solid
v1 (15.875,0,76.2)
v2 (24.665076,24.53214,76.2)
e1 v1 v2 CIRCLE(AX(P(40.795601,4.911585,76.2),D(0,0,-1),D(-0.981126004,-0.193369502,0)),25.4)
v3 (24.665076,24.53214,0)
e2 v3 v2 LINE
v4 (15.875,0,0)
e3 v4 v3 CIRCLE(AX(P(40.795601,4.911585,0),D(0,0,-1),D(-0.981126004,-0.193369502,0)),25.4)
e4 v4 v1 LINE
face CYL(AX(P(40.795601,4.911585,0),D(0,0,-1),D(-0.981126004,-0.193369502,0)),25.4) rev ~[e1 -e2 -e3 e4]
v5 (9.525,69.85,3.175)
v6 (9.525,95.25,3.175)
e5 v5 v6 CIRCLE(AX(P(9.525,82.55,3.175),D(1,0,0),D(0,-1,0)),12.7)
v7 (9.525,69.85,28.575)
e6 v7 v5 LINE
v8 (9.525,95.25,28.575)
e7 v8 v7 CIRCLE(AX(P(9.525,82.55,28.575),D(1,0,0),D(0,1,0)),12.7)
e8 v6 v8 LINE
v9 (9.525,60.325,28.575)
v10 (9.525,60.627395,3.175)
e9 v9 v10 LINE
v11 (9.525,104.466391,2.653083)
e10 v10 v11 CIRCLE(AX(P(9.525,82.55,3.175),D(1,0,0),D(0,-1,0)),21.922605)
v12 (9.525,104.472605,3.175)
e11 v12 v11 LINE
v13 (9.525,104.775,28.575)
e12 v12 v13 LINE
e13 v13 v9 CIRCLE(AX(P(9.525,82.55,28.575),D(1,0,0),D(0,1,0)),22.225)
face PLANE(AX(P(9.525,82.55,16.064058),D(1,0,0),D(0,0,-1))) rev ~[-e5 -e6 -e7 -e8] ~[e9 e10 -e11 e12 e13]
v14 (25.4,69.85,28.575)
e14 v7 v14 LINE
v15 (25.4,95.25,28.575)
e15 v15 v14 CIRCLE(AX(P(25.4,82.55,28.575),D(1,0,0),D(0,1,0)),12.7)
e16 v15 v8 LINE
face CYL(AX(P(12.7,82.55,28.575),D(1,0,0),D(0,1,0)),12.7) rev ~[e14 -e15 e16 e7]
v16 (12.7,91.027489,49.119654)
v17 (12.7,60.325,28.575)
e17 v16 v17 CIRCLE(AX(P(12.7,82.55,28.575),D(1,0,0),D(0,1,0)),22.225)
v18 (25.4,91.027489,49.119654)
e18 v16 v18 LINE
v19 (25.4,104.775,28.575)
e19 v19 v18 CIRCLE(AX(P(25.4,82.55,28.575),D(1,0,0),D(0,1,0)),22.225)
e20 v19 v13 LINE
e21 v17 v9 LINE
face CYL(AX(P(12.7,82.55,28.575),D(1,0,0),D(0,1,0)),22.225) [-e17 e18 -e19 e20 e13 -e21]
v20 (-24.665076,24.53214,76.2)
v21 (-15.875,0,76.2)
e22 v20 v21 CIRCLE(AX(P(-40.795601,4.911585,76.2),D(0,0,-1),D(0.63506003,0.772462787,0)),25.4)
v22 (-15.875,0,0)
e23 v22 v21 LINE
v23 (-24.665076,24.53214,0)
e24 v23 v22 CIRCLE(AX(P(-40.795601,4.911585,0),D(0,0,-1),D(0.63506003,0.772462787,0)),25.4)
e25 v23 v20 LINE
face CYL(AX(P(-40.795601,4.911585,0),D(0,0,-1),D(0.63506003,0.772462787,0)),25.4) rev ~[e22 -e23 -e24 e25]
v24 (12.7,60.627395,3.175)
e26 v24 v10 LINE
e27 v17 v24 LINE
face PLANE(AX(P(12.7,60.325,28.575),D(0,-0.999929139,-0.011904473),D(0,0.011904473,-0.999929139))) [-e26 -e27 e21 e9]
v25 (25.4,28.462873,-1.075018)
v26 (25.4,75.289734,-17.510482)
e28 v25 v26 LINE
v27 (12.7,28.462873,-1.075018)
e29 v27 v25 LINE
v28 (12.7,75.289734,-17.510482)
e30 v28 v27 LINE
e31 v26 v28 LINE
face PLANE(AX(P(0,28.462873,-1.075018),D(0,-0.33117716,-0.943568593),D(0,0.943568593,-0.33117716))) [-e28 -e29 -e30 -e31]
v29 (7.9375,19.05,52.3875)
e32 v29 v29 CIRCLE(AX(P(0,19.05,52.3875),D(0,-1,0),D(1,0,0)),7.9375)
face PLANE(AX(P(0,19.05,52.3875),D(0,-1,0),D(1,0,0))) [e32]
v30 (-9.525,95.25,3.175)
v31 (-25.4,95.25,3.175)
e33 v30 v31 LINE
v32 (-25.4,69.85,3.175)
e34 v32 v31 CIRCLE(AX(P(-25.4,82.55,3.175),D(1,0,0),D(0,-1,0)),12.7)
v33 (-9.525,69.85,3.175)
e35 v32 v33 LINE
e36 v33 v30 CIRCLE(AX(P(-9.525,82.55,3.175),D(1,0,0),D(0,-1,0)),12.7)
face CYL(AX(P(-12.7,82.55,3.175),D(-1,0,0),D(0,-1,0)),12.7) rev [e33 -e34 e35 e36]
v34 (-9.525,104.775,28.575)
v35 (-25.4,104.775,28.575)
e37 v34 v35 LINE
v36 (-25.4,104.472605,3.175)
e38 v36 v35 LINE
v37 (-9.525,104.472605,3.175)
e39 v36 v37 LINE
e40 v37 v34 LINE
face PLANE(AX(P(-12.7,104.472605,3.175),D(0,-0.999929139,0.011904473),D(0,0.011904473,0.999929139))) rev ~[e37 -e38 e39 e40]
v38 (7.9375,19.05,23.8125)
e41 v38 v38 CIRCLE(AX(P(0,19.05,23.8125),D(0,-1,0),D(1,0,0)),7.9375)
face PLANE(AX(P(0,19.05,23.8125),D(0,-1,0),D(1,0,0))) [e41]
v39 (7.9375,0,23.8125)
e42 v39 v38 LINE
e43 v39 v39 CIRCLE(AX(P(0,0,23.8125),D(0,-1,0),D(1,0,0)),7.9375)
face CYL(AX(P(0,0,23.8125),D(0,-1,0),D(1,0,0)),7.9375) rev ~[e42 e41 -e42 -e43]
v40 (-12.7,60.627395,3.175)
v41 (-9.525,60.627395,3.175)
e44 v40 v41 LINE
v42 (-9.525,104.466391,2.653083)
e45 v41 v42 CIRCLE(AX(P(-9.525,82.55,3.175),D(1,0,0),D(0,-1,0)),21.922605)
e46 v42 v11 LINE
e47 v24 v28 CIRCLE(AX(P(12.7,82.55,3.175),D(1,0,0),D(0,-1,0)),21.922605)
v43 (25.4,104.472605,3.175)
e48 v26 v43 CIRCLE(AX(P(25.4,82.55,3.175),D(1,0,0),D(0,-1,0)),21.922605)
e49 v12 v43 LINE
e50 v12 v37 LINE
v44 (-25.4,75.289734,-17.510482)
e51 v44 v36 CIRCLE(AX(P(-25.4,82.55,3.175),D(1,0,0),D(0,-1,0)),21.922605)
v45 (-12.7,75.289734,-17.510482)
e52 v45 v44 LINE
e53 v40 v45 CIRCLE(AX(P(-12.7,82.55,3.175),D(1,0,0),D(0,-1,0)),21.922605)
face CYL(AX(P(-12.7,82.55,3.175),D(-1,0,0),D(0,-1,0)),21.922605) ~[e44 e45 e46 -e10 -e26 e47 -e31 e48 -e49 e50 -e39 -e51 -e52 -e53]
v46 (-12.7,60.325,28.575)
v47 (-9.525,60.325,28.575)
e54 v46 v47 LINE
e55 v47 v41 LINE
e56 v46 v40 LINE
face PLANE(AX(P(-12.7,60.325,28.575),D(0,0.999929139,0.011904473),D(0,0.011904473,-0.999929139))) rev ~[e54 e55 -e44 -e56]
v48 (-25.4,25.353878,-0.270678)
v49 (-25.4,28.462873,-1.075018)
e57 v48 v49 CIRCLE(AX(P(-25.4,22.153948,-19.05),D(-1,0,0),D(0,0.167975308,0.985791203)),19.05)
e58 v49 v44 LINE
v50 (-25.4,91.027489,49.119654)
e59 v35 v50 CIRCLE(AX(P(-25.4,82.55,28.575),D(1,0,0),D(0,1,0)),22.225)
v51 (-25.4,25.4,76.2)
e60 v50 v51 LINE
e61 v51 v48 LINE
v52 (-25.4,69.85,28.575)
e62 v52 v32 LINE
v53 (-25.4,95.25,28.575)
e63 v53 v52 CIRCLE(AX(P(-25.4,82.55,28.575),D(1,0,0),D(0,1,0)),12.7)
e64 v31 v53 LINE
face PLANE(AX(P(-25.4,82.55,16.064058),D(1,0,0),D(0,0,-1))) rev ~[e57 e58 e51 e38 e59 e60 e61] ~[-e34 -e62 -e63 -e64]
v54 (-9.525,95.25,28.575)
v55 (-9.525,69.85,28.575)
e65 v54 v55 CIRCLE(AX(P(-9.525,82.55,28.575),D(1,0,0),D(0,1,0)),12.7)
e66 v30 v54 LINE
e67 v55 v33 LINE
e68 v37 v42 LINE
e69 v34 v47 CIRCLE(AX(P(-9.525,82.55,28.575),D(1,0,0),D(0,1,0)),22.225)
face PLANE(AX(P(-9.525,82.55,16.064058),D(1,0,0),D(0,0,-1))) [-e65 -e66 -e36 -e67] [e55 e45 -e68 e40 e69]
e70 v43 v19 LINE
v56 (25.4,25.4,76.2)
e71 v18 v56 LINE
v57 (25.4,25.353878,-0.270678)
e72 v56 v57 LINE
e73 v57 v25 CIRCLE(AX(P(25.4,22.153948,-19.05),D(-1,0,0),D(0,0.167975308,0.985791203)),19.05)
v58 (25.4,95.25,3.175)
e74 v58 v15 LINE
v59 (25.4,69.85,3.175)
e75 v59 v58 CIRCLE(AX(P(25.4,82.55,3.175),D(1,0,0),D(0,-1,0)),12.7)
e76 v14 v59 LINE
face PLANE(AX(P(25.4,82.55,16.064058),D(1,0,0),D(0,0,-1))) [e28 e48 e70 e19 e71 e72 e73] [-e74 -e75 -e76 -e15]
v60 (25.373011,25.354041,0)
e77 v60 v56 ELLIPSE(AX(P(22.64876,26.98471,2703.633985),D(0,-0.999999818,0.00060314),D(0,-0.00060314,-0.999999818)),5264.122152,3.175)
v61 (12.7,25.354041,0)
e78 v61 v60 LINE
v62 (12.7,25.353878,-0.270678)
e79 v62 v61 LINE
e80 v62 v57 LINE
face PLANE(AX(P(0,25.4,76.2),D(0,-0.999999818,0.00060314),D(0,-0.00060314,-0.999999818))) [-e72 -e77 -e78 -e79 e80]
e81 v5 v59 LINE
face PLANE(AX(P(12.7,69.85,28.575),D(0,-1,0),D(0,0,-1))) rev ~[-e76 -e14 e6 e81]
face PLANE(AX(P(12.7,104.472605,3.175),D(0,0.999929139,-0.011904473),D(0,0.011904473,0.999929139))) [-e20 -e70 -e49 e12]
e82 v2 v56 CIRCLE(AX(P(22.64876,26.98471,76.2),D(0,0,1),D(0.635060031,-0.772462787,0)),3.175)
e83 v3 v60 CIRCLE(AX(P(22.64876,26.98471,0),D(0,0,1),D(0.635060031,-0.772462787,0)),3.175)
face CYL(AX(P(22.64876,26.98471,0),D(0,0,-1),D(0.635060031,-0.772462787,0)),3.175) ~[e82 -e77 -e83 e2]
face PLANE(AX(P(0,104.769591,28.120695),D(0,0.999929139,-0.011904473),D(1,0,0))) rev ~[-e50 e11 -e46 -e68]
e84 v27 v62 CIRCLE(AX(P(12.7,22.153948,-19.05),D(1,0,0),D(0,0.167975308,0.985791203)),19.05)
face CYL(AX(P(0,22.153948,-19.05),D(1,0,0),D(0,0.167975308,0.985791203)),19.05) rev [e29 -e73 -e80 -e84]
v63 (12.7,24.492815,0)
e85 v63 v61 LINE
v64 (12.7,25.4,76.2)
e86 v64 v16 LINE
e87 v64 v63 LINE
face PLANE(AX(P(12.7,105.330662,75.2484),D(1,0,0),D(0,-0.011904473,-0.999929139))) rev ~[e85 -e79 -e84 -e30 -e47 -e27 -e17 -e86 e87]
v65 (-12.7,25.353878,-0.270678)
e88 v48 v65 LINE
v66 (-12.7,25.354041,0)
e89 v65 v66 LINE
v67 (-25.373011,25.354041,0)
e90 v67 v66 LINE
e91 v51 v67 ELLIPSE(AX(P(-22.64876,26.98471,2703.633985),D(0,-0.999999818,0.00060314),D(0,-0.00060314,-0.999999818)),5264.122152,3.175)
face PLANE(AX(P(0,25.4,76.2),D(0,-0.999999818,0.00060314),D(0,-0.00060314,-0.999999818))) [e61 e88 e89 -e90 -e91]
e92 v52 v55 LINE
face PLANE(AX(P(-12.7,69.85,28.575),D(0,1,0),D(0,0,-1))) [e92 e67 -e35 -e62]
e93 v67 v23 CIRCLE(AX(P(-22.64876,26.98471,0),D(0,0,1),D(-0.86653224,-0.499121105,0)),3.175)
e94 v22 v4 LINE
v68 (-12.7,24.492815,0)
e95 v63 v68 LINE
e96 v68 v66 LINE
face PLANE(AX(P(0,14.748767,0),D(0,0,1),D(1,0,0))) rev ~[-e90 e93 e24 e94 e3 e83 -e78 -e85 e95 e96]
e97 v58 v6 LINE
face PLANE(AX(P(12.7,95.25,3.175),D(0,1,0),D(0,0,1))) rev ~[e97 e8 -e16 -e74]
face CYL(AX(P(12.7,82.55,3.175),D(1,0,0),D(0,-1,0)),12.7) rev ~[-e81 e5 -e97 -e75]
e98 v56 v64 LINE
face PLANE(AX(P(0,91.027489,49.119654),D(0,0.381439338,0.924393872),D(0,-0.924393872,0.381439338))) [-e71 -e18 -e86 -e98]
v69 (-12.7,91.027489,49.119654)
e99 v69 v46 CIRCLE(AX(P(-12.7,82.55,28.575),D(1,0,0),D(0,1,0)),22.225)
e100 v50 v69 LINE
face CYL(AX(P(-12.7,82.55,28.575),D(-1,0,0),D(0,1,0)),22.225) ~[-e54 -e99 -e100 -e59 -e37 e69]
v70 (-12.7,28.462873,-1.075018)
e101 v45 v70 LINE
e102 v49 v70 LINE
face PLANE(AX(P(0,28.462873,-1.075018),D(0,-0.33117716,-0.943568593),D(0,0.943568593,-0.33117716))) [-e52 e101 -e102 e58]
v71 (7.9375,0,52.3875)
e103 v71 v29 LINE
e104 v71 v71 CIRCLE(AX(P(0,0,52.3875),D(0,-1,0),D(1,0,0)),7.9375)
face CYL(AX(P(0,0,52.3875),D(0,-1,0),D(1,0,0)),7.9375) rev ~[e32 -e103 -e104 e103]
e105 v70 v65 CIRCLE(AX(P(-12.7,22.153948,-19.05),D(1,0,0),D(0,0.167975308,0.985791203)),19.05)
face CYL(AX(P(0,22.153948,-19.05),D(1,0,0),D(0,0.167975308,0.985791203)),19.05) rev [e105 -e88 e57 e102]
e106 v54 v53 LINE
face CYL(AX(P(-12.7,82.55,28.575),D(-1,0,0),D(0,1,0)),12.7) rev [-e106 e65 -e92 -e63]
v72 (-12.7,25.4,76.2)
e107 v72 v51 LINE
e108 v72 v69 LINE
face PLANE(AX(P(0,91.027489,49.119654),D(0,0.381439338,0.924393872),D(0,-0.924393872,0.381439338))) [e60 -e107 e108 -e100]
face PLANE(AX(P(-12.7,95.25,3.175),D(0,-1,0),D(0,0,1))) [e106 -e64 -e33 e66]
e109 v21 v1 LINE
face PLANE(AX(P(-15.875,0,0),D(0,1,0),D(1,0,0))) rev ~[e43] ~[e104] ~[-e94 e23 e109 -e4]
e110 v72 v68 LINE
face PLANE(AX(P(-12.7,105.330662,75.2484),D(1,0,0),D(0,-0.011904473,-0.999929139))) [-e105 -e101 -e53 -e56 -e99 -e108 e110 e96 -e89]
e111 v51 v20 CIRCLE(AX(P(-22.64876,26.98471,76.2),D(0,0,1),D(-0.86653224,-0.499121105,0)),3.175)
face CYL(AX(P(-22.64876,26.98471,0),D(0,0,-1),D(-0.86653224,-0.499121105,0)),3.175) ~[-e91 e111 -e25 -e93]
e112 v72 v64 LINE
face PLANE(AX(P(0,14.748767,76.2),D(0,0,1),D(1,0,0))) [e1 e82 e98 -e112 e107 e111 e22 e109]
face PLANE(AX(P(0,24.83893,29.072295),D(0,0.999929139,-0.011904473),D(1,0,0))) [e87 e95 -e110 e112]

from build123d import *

# Parameters (mm, degrees)
BOSS_EXTRUDE1_DEPTH = 76.2
BOSS_EXTRUDE3_DEPTH = 25.4
SKETCH4_W           = 25.4
SKETCH4_H           = 94.262089718
CUT_EXTRUDE1_DEPTH  = 79.936326
BOSS_EXTRUDE4_START = 12.7
BOSS_EXTRUDE4_DEPTH = 3.175
BOSS_EXTRUDE5_START = -12.7
BOSS_EXTRUDE5_DEPTH = 3.175
SKETCH5_R           = 7.9375
CUT_EXTRUDE2_DEPTH  = 19.05


with BuildPart() as part:
    # Sketch2 → Boss-Extrude1 (new body)
    with BuildSketch(Plane.XY):
        with BuildLine():
            Line((-15.875, 0), (15.875, 0))
            ThreePointArc((15.875, 0), (16.884197435, 13.479245674), (24.665075731, 24.532140152))
            ThreePointArc((24.665075731, 24.532140152), (25.071711114, 24.932897242), (25.4, 25.4))
            Line((25.4, 25.4), (-25.4, 25.4))
            ThreePointArc((-25.4, 25.4), (-25.071711114, 24.932897242), (-24.665075731, 24.532140152))
            ThreePointArc((-24.665075731, 24.532140152), (-16.884197435, 13.479245674), (-15.875, 0))
        make_face()
    extrude(amount=BOSS_EXTRUDE1_DEPTH)

    # Sketch3 → Boss-Extrude3 (add, symmetric)
    with BuildSketch(Plane(origin=(0, 0, 0), x_dir=(0, 0, -1), z_dir=(1, 0, 0))):
        with BuildLine():
            Line((-28.575, 60.325), (-3.175, 60.627395043))
            ThreePointArc((-3.175, 60.627395043), (18.747604957, 82.55), (-3.175, 104.472604957))
            Line((-3.175, 104.472604957), (-28.575, 104.775))
            ThreePointArc((-28.575, 104.775), (-50.8, 82.55), (-28.575, 60.325))
        make_face()
        with BuildLine():
            ThreePointArc((-3.175, 69.85), (9.525, 82.55), (-3.175, 95.25))
            Line((-3.175, 95.25), (-28.575, 95.25))
            ThreePointArc((-28.575, 95.25), (-41.275, 82.55), (-28.575, 69.85))
            Line((-28.575, 69.85), (-3.175, 69.85))
        make_face(mode=Mode.SUBTRACT)
        with BuildLine():
            Line((-76.2, 25.4), (0.270677579, 25.353877505))
            ThreePointArc((0.270677579, 25.353877505), (0.607218741, 26.92535435), (1.075018311, 28.462872802))
            Line((1.075018311, 28.462872802), (17.510481505, 75.289733957))
            ThreePointArc((17.510481505, 75.289733957), (9.502473403, 64.664746962), (-3.175, 60.627395043))
            Line((-3.175, 60.627395043), (-28.575, 60.325))
            ThreePointArc((-28.575, 60.325), (-47.046096671, 70.190015665), (-49.119653814, 91.02748929))
            Line((-49.119653814, 91.02748929), (-76.2, 25.4))
        make_face()
    extrude(amount=BOSS_EXTRUDE3_DEPTH, both=True)

    # Sketch4 → Cut-Extrude1 (cut)
    with BuildSketch(Plane(origin=(0, 104.420005444, -1.243153229), x_dir=(1, 0, 0), z_dir=(0, 0.999929139, -0.011904473))):
        with Locations((0, -29.365929167)):
            Rectangle(SKETCH4_W, SKETCH4_H)
    extrude(amount=-CUT_EXTRUDE1_DEPTH, mode=Mode.SUBTRACT)

    # Sketch3<7> → Boss-Extrude4 (add)
    with BuildSketch(Plane(origin=(0, 0, 0), x_dir=(0, 0, -1), z_dir=(1, 0, 0)).offset(BOSS_EXTRUDE4_START)):
        with BuildLine():
            Line((-28.575, 60.325), (-3.175, 60.627395043))
            ThreePointArc((-3.175, 60.627395043), (18.747604957, 82.55), (-3.175, 104.472604957))
            Line((-3.175, 104.472604957), (-28.575, 104.775))
            ThreePointArc((-28.575, 104.775), (-50.8, 82.55), (-28.575, 60.325))
        make_face()
        with BuildLine():
            ThreePointArc((-3.175, 69.85), (9.525, 82.55), (-3.175, 95.25))
            Line((-3.175, 95.25), (-28.575, 95.25))
            ThreePointArc((-28.575, 95.25), (-41.275, 82.55), (-28.575, 69.85))
            Line((-28.575, 69.85), (-3.175, 69.85))
        make_face(mode=Mode.SUBTRACT)
    extrude(amount=-BOSS_EXTRUDE4_DEPTH)

    # Sketch3<8> → Boss-Extrude5 (add)
    with BuildSketch(Plane(origin=(0, 0, 0), x_dir=(0, 0, -1), z_dir=(1, 0, 0)).offset(BOSS_EXTRUDE5_START)):
        with BuildLine():
            Line((-28.575, 60.325), (-3.175, 60.627395043))
            ThreePointArc((-3.175, 60.627395043), (18.747604957, 82.55), (-3.175, 104.472604957))
            Line((-3.175, 104.472604957), (-28.575, 104.775))
            ThreePointArc((-28.575, 104.775), (-50.8, 82.55), (-28.575, 60.325))
        make_face()
        with BuildLine():
            ThreePointArc((-3.175, 69.85), (9.525, 82.55), (-3.175, 95.25))
            Line((-3.175, 95.25), (-28.575, 95.25))
            ThreePointArc((-28.575, 95.25), (-41.275, 82.55), (-28.575, 69.85))
            Line((-28.575, 69.85), (-3.175, 69.85))
        make_face(mode=Mode.SUBTRACT)
    extrude(amount=BOSS_EXTRUDE5_DEPTH)

    # Sketch5 → Cut-Extrude2 (cut)
    with BuildSketch(Plane.XZ):
        with Locations((0, 52.3875)):
            Circle(SKETCH5_R)
        with Locations((0, 23.8125)):
            Circle(SKETCH5_R)
    extrude(amount=-CUT_EXTRUDE2_DEPTH, mode=Mode.SUBTRACT)


solid = part.part
